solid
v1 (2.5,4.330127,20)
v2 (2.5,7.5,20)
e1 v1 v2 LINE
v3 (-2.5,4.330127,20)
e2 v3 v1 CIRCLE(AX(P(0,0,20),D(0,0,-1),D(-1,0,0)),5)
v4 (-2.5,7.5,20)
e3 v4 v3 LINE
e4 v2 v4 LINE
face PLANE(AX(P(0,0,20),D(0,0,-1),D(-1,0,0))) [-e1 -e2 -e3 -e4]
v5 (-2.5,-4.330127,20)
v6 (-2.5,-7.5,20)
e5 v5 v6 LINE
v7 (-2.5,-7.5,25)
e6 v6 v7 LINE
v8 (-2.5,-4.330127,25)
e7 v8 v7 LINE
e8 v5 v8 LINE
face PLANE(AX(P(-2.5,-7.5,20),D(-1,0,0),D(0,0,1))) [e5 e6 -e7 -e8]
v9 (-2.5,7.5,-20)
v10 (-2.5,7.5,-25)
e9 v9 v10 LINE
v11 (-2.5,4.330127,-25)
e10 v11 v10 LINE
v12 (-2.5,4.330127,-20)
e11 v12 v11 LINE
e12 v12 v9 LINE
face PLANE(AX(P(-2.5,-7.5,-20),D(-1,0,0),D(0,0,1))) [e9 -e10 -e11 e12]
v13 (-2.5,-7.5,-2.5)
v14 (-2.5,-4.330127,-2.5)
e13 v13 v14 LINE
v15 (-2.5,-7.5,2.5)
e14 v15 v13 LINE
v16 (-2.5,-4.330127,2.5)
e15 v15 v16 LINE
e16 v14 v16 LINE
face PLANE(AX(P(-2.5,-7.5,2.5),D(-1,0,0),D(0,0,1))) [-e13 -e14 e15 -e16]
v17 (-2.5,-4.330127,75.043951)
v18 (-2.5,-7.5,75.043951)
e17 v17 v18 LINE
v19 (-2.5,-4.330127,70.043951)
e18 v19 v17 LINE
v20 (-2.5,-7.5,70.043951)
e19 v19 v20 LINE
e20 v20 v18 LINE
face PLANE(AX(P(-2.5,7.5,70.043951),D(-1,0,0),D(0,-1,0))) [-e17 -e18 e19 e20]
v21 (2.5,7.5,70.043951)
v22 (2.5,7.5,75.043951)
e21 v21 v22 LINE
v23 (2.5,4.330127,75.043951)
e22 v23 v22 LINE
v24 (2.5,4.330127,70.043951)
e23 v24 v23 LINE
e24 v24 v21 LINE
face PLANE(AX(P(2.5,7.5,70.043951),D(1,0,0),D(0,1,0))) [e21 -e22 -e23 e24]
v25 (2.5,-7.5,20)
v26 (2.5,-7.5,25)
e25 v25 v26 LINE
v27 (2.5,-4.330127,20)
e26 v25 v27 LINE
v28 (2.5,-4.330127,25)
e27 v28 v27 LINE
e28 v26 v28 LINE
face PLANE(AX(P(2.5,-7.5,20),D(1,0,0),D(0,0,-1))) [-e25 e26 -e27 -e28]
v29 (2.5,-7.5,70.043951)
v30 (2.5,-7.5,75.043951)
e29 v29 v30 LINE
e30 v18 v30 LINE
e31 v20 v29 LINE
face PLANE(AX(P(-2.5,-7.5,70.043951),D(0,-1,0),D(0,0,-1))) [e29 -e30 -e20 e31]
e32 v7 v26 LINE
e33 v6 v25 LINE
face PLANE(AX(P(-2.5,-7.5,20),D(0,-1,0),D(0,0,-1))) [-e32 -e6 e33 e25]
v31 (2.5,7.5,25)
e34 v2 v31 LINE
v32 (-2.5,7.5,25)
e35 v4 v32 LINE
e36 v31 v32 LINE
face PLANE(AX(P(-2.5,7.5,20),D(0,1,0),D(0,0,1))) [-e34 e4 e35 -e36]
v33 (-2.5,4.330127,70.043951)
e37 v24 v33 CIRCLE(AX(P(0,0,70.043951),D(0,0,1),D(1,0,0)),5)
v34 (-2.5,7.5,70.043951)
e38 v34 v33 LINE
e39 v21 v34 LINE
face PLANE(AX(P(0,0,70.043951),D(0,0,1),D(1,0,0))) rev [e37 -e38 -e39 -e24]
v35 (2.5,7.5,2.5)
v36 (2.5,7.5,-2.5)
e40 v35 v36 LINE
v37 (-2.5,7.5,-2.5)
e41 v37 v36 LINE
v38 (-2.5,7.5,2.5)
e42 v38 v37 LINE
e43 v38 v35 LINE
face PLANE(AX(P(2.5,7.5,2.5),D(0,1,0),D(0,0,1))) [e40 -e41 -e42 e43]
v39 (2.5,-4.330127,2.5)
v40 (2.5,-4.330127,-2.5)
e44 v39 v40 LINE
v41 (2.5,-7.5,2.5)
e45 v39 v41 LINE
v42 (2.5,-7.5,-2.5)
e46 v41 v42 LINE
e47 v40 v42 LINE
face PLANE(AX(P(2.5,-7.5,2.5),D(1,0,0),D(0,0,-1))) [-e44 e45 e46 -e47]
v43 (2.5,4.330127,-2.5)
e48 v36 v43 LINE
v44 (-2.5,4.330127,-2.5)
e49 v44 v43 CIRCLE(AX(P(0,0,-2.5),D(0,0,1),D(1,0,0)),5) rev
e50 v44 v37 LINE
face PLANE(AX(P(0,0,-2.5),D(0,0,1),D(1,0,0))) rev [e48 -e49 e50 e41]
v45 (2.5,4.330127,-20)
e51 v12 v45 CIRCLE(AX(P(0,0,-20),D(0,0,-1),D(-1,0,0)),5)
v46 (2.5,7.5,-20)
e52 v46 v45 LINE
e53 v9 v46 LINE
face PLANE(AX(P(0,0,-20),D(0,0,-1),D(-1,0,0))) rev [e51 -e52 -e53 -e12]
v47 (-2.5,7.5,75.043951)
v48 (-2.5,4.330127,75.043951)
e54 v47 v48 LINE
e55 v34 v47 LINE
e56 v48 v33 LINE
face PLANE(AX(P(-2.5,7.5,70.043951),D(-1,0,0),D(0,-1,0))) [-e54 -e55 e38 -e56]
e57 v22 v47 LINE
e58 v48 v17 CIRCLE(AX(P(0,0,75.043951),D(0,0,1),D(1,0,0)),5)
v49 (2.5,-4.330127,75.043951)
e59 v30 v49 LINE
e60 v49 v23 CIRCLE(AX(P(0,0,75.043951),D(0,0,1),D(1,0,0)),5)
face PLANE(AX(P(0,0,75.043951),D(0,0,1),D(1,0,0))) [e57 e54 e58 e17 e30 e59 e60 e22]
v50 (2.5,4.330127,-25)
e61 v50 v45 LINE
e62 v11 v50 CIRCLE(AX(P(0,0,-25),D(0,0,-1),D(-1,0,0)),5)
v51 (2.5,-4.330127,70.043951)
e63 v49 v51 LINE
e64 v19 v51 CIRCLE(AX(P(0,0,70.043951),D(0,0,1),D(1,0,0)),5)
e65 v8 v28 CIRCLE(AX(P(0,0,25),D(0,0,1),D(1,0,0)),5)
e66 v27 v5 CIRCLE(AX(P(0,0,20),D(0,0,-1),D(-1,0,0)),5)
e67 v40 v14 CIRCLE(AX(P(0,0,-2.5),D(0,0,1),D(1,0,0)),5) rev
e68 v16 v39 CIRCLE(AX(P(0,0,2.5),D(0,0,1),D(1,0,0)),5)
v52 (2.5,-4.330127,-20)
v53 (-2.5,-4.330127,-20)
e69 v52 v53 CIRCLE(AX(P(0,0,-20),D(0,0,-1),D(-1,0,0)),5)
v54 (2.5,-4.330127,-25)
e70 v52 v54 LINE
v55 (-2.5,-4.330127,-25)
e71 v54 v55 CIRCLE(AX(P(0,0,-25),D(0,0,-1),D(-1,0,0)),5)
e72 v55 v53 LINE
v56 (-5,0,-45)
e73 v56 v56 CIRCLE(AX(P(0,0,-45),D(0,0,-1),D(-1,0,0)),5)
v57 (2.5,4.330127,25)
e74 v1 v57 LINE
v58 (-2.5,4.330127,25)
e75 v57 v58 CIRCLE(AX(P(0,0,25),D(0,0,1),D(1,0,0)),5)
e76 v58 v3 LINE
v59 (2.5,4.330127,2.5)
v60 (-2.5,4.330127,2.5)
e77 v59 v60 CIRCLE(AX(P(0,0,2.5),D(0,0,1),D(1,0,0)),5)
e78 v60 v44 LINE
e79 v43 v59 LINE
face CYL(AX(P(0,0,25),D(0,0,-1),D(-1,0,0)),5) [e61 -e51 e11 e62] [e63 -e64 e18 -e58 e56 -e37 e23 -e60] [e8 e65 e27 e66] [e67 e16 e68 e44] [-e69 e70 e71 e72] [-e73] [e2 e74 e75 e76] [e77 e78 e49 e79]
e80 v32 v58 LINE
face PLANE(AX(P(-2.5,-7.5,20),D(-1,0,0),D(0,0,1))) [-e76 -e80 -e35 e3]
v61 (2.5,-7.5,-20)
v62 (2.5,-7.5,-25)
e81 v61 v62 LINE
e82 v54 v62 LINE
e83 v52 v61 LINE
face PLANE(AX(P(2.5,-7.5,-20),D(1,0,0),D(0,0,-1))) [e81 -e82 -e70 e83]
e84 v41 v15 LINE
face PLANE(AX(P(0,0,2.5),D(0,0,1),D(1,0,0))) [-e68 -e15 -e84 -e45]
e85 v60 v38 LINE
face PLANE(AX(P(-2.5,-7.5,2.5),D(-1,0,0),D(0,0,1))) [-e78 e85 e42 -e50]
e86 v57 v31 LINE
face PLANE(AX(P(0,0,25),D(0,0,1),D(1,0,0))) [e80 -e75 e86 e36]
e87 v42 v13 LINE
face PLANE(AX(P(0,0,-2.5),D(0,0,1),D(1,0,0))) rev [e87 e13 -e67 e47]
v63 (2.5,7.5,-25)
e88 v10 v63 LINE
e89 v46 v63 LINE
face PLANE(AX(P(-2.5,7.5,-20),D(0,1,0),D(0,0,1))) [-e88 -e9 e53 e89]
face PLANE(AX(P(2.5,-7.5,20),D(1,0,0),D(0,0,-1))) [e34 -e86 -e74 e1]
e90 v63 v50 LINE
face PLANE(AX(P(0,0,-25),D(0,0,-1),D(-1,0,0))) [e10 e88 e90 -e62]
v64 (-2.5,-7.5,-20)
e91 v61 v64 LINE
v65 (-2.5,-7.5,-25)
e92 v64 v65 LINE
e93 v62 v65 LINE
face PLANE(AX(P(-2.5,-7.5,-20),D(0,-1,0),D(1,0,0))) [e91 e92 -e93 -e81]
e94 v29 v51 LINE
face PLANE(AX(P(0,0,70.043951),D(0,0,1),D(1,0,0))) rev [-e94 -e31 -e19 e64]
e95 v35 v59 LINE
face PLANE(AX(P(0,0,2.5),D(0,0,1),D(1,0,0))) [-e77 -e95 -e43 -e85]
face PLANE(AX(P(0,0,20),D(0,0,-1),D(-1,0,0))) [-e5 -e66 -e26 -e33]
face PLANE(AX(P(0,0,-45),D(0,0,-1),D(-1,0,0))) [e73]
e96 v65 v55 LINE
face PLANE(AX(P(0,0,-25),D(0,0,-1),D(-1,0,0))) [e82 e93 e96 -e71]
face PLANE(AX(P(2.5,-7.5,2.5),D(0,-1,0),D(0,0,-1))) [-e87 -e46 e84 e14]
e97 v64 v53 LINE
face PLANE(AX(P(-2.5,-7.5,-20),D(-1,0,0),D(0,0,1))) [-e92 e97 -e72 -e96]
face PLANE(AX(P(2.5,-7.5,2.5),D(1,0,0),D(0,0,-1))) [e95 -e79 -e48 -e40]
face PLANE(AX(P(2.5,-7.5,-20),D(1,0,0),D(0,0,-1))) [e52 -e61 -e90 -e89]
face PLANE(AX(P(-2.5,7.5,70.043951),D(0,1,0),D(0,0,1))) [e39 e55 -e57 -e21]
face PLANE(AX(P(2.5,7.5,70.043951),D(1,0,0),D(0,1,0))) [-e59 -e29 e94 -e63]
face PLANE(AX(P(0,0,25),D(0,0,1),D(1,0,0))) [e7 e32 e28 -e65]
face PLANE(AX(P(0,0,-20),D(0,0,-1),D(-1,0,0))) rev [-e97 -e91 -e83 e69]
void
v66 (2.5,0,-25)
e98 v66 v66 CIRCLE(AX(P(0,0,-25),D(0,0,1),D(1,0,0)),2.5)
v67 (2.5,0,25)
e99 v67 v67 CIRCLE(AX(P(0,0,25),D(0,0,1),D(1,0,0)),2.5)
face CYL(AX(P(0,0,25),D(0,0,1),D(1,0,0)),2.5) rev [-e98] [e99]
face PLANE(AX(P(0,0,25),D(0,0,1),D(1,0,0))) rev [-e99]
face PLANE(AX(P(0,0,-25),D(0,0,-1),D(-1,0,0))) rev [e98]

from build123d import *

# Parameters (mm, degrees)
SKETCH1_R             = 5
BOSS_EXTRUDE1_DEPTH   = 25
SKETCH2_W             = 5
SKETCH2_H             = 15
BOSS_EXTRUDE2_DEPTH   = 5
SKETCH3_W             = 5
SKETCH3_H             = 15
BOSS_EXTRUDE3_DEPTH   = 2.5
SKETCH5_W             = 5
SKETCH5_H             = 15
BOSS_EXTRUDE5_DEPTH   = 2.5
BOSS_EXTRUDE6_START   = 25
SKETCH6_R             = 5
BOSS_EXTRUDE6_DEPTH   = 25
SKETCH7_W             = 5
SKETCH7_H             = 15
BOSS_EXTRUDE7_DEPTH   = 5
F_5_0MM_DOWEL_HOLE1_D = 5
BOSS_EXTRUDE8_START   = 20
SKETCH14_R            = 5
BOSS_EXTRUDE8_DEPTH   = 20
SKETCH15_R            = 5
BOSS_EXTRUDE9_DEPTH   = 50.04395072
SKETCH18_W            = 5
SKETCH18_H            = 15
BOSS_EXTRUDE10_DEPTH  = 5


with BuildPart() as part:
    # Sketch1 → Boss-Extrude1 (new body)
    with BuildSketch(Plane.XY):
        with Locations(Location((0, 0, 0), (0, 0, 180))):
            Circle(SKETCH1_R)
    extrude(amount=BOSS_EXTRUDE1_DEPTH)

    # Sketch2 → Boss-Extrude2 (add)
    with BuildSketch(Plane.XY.offset(25)):
        Rectangle(SKETCH2_W, SKETCH2_H)
    extrude(amount=-BOSS_EXTRUDE2_DEPTH)

    # Sketch3 → Boss-Extrude3 (add)
    with BuildSketch(Plane(origin=(0, 0, 0), x_dir=(-1, 0, 0), z_dir=(0, 0, -1))):
        Rectangle(SKETCH3_W, SKETCH3_H)
    extrude(amount=-BOSS_EXTRUDE3_DEPTH)

    # Sketch5 → Boss-Extrude5 (add)
    with BuildSketch(Plane(origin=(0, 0, 0), x_dir=(-1, 0, 0), z_dir=(0, 0, -1))):
        Rectangle(SKETCH5_W, SKETCH5_H)
    extrude(amount=BOSS_EXTRUDE5_DEPTH)

    # Sketch6 → Boss-Extrude6 (add)
    with BuildSketch(Plane(origin=(0, 0, 0), x_dir=(-1, 0, 0), z_dir=(0, 0, -1)).offset(BOSS_EXTRUDE6_START)):
        Circle(SKETCH6_R)
    extrude(amount=-BOSS_EXTRUDE6_DEPTH)

    # Sketch7 → Boss-Extrude7 (add)
    with BuildSketch(Plane(origin=(0, 0, -25), x_dir=(-1, 0, 0), z_dir=(0, 0, -1))):
        Rectangle(SKETCH7_W, SKETCH7_H)
    extrude(amount=-BOSS_EXTRUDE7_DEPTH)

    # Ø5.0mm Dowel Hole1 (through all)
    with Locations(Plane.XY.offset(25)):
        with Locations((0, 0)):
            Hole(F_5_0MM_DOWEL_HOLE1_D / 2)

    # Sketch14 → Boss-Extrude8 (add)
    with BuildSketch(Plane(origin=(0, 0, -25), x_dir=(-1, 0, 0), z_dir=(0, 0, -1)).offset(BOSS_EXTRUDE8_START)):
        Circle(SKETCH14_R)
    extrude(amount=-BOSS_EXTRUDE8_DEPTH)

    # Sketch15 → Boss-Extrude9 (add)
    with BuildSketch(Plane.XY.offset(25)):
        with Locations(Location((0, 0, 0), (0, 0, 180))):
            Circle(SKETCH15_R)
    extrude(amount=BOSS_EXTRUDE9_DEPTH)

    # Sketch18 → Boss-Extrude10 (add)
    with BuildSketch(Plane.XY.offset(75.04395072)):
        Rectangle(SKETCH18_W, SKETCH18_H)
    extrude(amount=-BOSS_EXTRUDE10_DEPTH)


solid = part.part
